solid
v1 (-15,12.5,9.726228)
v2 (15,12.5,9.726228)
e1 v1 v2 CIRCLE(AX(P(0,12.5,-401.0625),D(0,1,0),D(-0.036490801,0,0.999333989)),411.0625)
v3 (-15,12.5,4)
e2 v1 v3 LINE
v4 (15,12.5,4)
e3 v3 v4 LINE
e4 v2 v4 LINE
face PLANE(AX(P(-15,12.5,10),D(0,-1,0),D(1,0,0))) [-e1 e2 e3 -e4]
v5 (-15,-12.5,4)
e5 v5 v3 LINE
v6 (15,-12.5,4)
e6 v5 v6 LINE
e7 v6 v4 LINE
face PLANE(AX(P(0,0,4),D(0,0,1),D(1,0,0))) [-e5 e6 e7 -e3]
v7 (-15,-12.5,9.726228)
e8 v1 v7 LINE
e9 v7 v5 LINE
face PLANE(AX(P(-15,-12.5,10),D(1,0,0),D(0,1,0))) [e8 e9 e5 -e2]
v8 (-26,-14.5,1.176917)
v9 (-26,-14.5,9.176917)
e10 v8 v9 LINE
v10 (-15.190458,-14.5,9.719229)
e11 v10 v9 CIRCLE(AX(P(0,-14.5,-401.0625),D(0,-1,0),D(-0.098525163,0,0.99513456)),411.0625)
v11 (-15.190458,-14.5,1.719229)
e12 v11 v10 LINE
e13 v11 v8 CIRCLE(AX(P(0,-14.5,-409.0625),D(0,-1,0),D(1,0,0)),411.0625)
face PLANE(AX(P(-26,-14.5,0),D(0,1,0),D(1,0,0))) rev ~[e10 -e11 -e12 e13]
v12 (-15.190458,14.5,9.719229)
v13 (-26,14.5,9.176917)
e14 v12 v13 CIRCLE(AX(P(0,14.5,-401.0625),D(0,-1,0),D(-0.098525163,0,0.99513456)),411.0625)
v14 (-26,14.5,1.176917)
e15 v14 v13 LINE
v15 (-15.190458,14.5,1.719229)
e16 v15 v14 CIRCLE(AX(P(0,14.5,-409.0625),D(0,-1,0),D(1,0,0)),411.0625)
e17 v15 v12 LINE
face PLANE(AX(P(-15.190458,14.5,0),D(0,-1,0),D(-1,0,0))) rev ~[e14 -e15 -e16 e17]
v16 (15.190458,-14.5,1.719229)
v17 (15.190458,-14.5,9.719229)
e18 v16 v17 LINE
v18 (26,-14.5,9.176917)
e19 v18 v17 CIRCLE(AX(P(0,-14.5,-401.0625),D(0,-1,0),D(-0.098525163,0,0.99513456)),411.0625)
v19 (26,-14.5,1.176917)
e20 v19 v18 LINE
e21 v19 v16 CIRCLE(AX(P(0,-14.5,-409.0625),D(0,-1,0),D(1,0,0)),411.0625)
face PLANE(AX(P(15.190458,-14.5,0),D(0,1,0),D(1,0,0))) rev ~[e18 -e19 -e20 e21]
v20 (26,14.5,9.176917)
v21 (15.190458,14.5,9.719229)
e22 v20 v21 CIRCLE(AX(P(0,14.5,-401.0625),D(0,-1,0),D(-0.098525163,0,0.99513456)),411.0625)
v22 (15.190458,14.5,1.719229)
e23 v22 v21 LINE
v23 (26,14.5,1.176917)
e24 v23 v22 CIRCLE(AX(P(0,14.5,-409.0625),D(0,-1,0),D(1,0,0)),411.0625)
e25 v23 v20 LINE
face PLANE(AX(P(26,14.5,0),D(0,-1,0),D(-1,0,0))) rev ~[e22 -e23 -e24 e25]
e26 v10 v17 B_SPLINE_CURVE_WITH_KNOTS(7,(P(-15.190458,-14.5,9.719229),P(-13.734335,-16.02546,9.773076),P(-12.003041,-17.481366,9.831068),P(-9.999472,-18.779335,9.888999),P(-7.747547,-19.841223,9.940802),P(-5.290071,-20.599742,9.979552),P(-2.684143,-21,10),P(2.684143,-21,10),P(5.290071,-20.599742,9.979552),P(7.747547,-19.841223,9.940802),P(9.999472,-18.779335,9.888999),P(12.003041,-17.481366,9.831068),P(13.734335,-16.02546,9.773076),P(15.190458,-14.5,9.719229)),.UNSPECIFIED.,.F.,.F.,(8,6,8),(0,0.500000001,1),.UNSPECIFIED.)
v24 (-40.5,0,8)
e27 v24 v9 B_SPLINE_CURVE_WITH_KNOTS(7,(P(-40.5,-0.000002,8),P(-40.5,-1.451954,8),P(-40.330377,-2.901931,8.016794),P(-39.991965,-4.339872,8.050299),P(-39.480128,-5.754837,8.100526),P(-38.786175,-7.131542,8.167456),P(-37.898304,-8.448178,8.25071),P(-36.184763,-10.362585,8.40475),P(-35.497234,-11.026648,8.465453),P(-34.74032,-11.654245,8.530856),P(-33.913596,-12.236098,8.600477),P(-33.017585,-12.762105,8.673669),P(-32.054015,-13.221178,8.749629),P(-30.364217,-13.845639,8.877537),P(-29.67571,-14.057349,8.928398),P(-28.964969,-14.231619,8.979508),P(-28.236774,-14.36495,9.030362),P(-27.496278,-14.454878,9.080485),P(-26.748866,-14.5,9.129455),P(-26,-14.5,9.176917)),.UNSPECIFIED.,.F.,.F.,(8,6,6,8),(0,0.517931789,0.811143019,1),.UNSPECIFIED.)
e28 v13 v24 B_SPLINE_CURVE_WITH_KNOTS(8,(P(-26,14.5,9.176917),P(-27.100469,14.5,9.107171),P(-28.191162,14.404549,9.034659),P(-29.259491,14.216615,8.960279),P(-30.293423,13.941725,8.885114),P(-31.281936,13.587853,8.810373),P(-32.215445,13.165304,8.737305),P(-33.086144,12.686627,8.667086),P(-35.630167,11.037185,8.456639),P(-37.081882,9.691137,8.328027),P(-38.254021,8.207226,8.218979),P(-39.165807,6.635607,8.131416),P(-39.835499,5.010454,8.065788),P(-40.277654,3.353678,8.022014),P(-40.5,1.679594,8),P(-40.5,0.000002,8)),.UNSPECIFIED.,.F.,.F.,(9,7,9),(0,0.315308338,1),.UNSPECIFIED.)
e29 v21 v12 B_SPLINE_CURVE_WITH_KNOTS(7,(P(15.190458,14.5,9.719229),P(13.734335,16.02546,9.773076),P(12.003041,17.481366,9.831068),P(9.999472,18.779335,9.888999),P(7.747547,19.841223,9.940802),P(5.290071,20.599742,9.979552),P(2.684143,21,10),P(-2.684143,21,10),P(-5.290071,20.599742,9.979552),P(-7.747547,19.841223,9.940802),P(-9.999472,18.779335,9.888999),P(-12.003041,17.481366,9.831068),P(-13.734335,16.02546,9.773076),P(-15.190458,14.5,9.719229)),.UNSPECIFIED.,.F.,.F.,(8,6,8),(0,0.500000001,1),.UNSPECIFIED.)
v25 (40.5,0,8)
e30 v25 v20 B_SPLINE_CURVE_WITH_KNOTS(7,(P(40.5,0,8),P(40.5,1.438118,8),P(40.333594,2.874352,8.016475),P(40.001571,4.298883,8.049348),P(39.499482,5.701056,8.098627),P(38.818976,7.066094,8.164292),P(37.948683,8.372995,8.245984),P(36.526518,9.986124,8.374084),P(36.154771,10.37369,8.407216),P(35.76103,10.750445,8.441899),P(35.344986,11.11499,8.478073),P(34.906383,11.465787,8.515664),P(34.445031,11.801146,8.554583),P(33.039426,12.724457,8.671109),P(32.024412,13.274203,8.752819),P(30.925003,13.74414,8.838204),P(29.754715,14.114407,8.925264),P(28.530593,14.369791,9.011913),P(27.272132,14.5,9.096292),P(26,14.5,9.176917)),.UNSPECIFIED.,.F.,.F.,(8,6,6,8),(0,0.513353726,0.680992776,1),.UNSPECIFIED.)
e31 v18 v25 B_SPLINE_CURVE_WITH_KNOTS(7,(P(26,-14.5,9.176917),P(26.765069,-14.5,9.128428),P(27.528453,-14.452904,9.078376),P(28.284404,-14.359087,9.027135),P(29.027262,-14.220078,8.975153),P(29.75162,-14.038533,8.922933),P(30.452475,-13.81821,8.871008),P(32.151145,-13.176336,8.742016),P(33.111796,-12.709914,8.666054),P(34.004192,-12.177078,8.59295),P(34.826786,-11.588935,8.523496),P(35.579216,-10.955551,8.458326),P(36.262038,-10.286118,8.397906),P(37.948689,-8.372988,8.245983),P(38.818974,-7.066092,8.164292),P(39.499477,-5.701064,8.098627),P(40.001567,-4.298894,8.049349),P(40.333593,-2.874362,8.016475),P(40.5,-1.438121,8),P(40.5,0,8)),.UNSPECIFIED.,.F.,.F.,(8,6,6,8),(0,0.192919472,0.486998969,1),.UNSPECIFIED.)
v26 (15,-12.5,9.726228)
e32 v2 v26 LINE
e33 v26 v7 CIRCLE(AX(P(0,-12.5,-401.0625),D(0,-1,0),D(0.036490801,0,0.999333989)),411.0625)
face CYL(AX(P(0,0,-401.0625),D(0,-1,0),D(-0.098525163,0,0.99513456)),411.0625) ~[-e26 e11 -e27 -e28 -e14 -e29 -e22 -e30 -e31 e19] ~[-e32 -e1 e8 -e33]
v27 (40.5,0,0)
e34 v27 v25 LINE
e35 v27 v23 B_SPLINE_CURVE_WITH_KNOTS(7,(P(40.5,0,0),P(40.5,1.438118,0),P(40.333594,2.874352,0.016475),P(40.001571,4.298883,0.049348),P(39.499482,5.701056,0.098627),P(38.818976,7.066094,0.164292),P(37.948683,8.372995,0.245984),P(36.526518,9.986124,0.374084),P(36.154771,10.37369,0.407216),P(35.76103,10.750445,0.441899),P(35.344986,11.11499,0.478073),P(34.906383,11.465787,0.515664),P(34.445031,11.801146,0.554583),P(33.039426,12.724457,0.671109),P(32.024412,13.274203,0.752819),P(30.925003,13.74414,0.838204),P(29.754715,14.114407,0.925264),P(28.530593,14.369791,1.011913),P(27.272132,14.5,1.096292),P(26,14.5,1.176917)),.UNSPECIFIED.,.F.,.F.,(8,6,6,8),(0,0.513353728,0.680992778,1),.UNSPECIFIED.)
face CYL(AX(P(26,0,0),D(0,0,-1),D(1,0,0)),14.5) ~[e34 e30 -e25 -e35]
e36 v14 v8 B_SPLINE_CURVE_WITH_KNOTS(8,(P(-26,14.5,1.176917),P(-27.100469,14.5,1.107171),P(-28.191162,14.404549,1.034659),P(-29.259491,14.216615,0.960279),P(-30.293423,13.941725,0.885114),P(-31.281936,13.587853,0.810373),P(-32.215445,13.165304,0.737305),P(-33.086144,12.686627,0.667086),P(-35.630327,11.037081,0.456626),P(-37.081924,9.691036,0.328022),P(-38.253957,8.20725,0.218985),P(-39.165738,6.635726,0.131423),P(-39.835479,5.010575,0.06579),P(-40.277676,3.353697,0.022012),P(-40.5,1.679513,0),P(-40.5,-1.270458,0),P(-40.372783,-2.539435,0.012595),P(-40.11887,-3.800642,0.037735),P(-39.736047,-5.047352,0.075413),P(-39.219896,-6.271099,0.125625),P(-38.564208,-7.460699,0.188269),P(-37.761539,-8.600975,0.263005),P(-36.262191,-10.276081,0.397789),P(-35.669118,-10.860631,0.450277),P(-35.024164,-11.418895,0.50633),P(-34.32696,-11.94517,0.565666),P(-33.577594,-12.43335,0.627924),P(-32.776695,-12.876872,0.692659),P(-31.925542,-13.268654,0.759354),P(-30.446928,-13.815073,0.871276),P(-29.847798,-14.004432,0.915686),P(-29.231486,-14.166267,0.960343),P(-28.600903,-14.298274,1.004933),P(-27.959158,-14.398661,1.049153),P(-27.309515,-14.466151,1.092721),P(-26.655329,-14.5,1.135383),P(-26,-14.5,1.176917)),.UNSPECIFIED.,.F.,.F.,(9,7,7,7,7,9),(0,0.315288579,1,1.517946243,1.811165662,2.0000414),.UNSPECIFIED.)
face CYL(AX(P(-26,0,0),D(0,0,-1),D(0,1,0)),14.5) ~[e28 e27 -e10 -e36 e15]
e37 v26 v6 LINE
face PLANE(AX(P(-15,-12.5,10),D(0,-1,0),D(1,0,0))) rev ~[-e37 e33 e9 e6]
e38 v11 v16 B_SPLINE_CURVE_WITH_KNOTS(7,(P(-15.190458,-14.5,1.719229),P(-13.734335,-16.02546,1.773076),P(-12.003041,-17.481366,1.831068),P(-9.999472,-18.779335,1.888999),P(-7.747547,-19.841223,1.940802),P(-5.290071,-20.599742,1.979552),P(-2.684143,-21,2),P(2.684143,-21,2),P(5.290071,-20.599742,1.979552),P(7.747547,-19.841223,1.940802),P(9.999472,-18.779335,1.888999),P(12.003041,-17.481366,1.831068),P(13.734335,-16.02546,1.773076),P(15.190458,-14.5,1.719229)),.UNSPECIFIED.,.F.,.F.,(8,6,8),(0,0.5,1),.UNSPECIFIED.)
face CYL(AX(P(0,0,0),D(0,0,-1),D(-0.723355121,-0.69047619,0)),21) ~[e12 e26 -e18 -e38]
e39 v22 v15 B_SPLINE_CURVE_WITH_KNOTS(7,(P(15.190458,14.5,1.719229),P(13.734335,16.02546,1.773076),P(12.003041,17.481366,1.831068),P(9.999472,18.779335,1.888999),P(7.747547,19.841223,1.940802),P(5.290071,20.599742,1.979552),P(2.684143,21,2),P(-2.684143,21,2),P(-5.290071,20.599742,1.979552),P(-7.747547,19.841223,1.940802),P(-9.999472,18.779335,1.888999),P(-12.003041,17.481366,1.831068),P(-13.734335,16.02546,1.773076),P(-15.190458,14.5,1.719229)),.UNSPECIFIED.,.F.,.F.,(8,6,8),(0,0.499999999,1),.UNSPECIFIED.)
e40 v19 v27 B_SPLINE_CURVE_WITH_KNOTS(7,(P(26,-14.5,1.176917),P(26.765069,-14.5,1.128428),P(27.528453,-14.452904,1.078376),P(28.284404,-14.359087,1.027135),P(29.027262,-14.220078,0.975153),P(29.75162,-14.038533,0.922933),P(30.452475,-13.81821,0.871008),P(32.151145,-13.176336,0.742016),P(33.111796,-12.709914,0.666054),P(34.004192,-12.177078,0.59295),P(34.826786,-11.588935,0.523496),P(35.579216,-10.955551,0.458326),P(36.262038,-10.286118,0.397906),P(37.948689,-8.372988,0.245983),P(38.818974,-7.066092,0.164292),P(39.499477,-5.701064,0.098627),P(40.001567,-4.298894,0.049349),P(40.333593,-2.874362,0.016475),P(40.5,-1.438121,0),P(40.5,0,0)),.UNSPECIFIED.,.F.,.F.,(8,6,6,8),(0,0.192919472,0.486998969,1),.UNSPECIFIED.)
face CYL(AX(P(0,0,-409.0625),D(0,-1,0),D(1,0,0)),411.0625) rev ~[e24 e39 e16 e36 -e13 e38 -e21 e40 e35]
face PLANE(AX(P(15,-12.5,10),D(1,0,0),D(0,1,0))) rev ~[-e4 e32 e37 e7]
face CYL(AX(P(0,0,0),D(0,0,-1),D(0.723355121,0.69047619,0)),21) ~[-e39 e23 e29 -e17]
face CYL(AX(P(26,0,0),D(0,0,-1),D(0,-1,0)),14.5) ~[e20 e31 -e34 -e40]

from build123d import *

# Parameters (mm, degrees)
F1_DEPTH = 10
F3_R     = 411.0625
F4_DEPTH = 50
F2_W     = 30
F2_H     = 25
F5_DEPTH = 6
F7_DEPTH = 50


with BuildPart() as f1:
    # F0 (on Top) → F1 (new body)
    with BuildSketch(Plane.XY):
        with BuildLine():
            ThreePointArc((17.4375, 11.7018628325), (16.3738601454, 13.1490191245), (15.190457531, 14.5))
            ThreePointArc((15.190457531, 14.5), (0, 21), (-15.190457531, 14.5))
            ThreePointArc((-15.190457531, 14.5), (-16.3738601454, 13.1490191245), (-17.4375, 11.7018628325))
            ThreePointArc((-17.4375, 11.7018628325), (-13.0692952628, 6.561011736), (-11.5, 0))
            ThreePointArc((-11.5, 0), (-13.0692952628, -6.561011736), (-17.4375, -11.7018628325))
            ThreePointArc((-17.4375, -11.7018628325), (-16.3738601454, -13.1490191245), (-15.190457531, -14.5))
            ThreePointArc((-15.190457531, -14.5), (0, -21), (15.190457531, -14.5))
            ThreePointArc((15.190457531, -14.5), (16.3738601454, -13.1490191245), (17.4375, -11.7018628325))
            ThreePointArc((17.4375, -11.7018628325), (11.5, 0), (17.4375, 11.7018628325))
        make_face()
        with BuildLine():
            Line((26, 14.5), (15.190457531, 14.5))
            ThreePointArc((15.190457531, 14.5), (16.3738601454, 13.1490191245), (17.4375, 11.7018628325))
            ThreePointArc((17.4375, 11.7018628325), (21.4959468848, 13.7827248952), (26, 14.5))
        make_face()
        with BuildLine():
            ThreePointArc((-17.4375, 11.7018628325), (-16.3738601454, 13.1490191245), (-15.190457531, 14.5))
            Line((-15.190457531, 14.5), (-26, 14.5))
            ThreePointArc((-26, 14.5), (-21.4959468848, 13.7827248952), (-17.4375, 11.7018628325))
        make_face()
        with BuildLine():
            ThreePointArc((26, 14.5), (21.4959468848, 13.7827248952), (17.4375, 11.7018628325))
            ThreePointArc((17.4375, 11.7018628325), (20.089642854, 6.1160649114), (21, 0))
            ThreePointArc((21, 0), (20.089642854, -6.1160649114), (17.4375, -11.7018628325))
            ThreePointArc((17.4375, -11.7018628325), (21.4959468848, -13.7827248952), (26, -14.5))
            ThreePointArc((26, -14.5), (36.2530483272, -10.2530483272), (40.5, 0))
            ThreePointArc((40.5, 0), (36.2530483272, 10.2530483272), (26, 14.5))
        make_face()
        with BuildLine():
            ThreePointArc((-17.4375, -11.7018628325), (-21, 0), (-17.4375, 11.7018628325))
            ThreePointArc((-17.4375, 11.7018628325), (-21.4959468848, 13.7827248952), (-26, 14.5))
            ThreePointArc((-26, 14.5), (-40.5, 0), (-26, -14.5))
            ThreePointArc((-26, -14.5), (-21.4959468848, -13.7827248952), (-17.4375, -11.7018628325))
        make_face()
        with BuildLine():
            ThreePointArc((26, -14.5), (21.4959468848, -13.7827248952), (17.4375, -11.7018628325))
            ThreePointArc((17.4375, -11.7018628325), (16.3738601454, -13.1490191245), (15.190457531, -14.5))
            Line((15.190457531, -14.5), (26, -14.5))
        make_face()
        with BuildLine():
            ThreePointArc((-15.190457531, -14.5), (-16.3738601454, -13.1490191245), (-17.4375, -11.7018628325))
            ThreePointArc((-17.4375, -11.7018628325), (-21.4959468848, -13.7827248952), (-26, -14.5))
            Line((-26, -14.5), (-15.190457531, -14.5))
        make_face()
        with BuildLine():
            ThreePointArc((-11.5, 0), (-13.0692952628, 6.561011736), (-17.4375, 11.7018628325))
            ThreePointArc((-17.4375, 11.7018628325), (-21, 0), (-17.4375, -11.7018628325))
            ThreePointArc((-17.4375, -11.7018628325), (-13.0692952628, -6.561011736), (-11.5, 0))
        make_face()
        with BuildLine():
            ThreePointArc((21, 0), (20.089642854, 6.1160649114), (17.4375, 11.7018628325))
            ThreePointArc((17.4375, 11.7018628325), (11.5, 0), (17.4375, -11.7018628325))
            ThreePointArc((17.4375, -11.7018628325), (20.089642854, -6.1160649114), (21, 0))
        make_face()
    extrude(amount=F1_DEPTH)

    # F3 (on Front) → F4 (cut, symmetric)
    with BuildSketch(Plane.XZ):
        with Locations((0, -409.0625)):
            Circle(F3_R)
    extrude(amount=F4_DEPTH, both=True, mode=Mode.SUBTRACT)

    # F2 (on face) → F5 (cut)
    with BuildSketch(Plane.XY.offset(10)):
        Rectangle(F2_W, F2_H)
    extrude(amount=-F5_DEPTH, mode=Mode.SUBTRACT)

    # F6 (on Front) → F7 (cut, symmetric)
    with BuildSketch(Plane.XZ):
        with BuildLine():
            ThreePointArc((-40.5, 8), (0, 10), (40.5, 8))
            Line((40.5, 8), (40.5, 38))
            Line((40.5, 38), (-40.5, 38))
            Line((-40.5, 38), (-40.5, 8))
        make_face()
    extrude(amount=F7_DEPTH, both=True, mode=Mode.SUBTRACT)


solid = f1.part
